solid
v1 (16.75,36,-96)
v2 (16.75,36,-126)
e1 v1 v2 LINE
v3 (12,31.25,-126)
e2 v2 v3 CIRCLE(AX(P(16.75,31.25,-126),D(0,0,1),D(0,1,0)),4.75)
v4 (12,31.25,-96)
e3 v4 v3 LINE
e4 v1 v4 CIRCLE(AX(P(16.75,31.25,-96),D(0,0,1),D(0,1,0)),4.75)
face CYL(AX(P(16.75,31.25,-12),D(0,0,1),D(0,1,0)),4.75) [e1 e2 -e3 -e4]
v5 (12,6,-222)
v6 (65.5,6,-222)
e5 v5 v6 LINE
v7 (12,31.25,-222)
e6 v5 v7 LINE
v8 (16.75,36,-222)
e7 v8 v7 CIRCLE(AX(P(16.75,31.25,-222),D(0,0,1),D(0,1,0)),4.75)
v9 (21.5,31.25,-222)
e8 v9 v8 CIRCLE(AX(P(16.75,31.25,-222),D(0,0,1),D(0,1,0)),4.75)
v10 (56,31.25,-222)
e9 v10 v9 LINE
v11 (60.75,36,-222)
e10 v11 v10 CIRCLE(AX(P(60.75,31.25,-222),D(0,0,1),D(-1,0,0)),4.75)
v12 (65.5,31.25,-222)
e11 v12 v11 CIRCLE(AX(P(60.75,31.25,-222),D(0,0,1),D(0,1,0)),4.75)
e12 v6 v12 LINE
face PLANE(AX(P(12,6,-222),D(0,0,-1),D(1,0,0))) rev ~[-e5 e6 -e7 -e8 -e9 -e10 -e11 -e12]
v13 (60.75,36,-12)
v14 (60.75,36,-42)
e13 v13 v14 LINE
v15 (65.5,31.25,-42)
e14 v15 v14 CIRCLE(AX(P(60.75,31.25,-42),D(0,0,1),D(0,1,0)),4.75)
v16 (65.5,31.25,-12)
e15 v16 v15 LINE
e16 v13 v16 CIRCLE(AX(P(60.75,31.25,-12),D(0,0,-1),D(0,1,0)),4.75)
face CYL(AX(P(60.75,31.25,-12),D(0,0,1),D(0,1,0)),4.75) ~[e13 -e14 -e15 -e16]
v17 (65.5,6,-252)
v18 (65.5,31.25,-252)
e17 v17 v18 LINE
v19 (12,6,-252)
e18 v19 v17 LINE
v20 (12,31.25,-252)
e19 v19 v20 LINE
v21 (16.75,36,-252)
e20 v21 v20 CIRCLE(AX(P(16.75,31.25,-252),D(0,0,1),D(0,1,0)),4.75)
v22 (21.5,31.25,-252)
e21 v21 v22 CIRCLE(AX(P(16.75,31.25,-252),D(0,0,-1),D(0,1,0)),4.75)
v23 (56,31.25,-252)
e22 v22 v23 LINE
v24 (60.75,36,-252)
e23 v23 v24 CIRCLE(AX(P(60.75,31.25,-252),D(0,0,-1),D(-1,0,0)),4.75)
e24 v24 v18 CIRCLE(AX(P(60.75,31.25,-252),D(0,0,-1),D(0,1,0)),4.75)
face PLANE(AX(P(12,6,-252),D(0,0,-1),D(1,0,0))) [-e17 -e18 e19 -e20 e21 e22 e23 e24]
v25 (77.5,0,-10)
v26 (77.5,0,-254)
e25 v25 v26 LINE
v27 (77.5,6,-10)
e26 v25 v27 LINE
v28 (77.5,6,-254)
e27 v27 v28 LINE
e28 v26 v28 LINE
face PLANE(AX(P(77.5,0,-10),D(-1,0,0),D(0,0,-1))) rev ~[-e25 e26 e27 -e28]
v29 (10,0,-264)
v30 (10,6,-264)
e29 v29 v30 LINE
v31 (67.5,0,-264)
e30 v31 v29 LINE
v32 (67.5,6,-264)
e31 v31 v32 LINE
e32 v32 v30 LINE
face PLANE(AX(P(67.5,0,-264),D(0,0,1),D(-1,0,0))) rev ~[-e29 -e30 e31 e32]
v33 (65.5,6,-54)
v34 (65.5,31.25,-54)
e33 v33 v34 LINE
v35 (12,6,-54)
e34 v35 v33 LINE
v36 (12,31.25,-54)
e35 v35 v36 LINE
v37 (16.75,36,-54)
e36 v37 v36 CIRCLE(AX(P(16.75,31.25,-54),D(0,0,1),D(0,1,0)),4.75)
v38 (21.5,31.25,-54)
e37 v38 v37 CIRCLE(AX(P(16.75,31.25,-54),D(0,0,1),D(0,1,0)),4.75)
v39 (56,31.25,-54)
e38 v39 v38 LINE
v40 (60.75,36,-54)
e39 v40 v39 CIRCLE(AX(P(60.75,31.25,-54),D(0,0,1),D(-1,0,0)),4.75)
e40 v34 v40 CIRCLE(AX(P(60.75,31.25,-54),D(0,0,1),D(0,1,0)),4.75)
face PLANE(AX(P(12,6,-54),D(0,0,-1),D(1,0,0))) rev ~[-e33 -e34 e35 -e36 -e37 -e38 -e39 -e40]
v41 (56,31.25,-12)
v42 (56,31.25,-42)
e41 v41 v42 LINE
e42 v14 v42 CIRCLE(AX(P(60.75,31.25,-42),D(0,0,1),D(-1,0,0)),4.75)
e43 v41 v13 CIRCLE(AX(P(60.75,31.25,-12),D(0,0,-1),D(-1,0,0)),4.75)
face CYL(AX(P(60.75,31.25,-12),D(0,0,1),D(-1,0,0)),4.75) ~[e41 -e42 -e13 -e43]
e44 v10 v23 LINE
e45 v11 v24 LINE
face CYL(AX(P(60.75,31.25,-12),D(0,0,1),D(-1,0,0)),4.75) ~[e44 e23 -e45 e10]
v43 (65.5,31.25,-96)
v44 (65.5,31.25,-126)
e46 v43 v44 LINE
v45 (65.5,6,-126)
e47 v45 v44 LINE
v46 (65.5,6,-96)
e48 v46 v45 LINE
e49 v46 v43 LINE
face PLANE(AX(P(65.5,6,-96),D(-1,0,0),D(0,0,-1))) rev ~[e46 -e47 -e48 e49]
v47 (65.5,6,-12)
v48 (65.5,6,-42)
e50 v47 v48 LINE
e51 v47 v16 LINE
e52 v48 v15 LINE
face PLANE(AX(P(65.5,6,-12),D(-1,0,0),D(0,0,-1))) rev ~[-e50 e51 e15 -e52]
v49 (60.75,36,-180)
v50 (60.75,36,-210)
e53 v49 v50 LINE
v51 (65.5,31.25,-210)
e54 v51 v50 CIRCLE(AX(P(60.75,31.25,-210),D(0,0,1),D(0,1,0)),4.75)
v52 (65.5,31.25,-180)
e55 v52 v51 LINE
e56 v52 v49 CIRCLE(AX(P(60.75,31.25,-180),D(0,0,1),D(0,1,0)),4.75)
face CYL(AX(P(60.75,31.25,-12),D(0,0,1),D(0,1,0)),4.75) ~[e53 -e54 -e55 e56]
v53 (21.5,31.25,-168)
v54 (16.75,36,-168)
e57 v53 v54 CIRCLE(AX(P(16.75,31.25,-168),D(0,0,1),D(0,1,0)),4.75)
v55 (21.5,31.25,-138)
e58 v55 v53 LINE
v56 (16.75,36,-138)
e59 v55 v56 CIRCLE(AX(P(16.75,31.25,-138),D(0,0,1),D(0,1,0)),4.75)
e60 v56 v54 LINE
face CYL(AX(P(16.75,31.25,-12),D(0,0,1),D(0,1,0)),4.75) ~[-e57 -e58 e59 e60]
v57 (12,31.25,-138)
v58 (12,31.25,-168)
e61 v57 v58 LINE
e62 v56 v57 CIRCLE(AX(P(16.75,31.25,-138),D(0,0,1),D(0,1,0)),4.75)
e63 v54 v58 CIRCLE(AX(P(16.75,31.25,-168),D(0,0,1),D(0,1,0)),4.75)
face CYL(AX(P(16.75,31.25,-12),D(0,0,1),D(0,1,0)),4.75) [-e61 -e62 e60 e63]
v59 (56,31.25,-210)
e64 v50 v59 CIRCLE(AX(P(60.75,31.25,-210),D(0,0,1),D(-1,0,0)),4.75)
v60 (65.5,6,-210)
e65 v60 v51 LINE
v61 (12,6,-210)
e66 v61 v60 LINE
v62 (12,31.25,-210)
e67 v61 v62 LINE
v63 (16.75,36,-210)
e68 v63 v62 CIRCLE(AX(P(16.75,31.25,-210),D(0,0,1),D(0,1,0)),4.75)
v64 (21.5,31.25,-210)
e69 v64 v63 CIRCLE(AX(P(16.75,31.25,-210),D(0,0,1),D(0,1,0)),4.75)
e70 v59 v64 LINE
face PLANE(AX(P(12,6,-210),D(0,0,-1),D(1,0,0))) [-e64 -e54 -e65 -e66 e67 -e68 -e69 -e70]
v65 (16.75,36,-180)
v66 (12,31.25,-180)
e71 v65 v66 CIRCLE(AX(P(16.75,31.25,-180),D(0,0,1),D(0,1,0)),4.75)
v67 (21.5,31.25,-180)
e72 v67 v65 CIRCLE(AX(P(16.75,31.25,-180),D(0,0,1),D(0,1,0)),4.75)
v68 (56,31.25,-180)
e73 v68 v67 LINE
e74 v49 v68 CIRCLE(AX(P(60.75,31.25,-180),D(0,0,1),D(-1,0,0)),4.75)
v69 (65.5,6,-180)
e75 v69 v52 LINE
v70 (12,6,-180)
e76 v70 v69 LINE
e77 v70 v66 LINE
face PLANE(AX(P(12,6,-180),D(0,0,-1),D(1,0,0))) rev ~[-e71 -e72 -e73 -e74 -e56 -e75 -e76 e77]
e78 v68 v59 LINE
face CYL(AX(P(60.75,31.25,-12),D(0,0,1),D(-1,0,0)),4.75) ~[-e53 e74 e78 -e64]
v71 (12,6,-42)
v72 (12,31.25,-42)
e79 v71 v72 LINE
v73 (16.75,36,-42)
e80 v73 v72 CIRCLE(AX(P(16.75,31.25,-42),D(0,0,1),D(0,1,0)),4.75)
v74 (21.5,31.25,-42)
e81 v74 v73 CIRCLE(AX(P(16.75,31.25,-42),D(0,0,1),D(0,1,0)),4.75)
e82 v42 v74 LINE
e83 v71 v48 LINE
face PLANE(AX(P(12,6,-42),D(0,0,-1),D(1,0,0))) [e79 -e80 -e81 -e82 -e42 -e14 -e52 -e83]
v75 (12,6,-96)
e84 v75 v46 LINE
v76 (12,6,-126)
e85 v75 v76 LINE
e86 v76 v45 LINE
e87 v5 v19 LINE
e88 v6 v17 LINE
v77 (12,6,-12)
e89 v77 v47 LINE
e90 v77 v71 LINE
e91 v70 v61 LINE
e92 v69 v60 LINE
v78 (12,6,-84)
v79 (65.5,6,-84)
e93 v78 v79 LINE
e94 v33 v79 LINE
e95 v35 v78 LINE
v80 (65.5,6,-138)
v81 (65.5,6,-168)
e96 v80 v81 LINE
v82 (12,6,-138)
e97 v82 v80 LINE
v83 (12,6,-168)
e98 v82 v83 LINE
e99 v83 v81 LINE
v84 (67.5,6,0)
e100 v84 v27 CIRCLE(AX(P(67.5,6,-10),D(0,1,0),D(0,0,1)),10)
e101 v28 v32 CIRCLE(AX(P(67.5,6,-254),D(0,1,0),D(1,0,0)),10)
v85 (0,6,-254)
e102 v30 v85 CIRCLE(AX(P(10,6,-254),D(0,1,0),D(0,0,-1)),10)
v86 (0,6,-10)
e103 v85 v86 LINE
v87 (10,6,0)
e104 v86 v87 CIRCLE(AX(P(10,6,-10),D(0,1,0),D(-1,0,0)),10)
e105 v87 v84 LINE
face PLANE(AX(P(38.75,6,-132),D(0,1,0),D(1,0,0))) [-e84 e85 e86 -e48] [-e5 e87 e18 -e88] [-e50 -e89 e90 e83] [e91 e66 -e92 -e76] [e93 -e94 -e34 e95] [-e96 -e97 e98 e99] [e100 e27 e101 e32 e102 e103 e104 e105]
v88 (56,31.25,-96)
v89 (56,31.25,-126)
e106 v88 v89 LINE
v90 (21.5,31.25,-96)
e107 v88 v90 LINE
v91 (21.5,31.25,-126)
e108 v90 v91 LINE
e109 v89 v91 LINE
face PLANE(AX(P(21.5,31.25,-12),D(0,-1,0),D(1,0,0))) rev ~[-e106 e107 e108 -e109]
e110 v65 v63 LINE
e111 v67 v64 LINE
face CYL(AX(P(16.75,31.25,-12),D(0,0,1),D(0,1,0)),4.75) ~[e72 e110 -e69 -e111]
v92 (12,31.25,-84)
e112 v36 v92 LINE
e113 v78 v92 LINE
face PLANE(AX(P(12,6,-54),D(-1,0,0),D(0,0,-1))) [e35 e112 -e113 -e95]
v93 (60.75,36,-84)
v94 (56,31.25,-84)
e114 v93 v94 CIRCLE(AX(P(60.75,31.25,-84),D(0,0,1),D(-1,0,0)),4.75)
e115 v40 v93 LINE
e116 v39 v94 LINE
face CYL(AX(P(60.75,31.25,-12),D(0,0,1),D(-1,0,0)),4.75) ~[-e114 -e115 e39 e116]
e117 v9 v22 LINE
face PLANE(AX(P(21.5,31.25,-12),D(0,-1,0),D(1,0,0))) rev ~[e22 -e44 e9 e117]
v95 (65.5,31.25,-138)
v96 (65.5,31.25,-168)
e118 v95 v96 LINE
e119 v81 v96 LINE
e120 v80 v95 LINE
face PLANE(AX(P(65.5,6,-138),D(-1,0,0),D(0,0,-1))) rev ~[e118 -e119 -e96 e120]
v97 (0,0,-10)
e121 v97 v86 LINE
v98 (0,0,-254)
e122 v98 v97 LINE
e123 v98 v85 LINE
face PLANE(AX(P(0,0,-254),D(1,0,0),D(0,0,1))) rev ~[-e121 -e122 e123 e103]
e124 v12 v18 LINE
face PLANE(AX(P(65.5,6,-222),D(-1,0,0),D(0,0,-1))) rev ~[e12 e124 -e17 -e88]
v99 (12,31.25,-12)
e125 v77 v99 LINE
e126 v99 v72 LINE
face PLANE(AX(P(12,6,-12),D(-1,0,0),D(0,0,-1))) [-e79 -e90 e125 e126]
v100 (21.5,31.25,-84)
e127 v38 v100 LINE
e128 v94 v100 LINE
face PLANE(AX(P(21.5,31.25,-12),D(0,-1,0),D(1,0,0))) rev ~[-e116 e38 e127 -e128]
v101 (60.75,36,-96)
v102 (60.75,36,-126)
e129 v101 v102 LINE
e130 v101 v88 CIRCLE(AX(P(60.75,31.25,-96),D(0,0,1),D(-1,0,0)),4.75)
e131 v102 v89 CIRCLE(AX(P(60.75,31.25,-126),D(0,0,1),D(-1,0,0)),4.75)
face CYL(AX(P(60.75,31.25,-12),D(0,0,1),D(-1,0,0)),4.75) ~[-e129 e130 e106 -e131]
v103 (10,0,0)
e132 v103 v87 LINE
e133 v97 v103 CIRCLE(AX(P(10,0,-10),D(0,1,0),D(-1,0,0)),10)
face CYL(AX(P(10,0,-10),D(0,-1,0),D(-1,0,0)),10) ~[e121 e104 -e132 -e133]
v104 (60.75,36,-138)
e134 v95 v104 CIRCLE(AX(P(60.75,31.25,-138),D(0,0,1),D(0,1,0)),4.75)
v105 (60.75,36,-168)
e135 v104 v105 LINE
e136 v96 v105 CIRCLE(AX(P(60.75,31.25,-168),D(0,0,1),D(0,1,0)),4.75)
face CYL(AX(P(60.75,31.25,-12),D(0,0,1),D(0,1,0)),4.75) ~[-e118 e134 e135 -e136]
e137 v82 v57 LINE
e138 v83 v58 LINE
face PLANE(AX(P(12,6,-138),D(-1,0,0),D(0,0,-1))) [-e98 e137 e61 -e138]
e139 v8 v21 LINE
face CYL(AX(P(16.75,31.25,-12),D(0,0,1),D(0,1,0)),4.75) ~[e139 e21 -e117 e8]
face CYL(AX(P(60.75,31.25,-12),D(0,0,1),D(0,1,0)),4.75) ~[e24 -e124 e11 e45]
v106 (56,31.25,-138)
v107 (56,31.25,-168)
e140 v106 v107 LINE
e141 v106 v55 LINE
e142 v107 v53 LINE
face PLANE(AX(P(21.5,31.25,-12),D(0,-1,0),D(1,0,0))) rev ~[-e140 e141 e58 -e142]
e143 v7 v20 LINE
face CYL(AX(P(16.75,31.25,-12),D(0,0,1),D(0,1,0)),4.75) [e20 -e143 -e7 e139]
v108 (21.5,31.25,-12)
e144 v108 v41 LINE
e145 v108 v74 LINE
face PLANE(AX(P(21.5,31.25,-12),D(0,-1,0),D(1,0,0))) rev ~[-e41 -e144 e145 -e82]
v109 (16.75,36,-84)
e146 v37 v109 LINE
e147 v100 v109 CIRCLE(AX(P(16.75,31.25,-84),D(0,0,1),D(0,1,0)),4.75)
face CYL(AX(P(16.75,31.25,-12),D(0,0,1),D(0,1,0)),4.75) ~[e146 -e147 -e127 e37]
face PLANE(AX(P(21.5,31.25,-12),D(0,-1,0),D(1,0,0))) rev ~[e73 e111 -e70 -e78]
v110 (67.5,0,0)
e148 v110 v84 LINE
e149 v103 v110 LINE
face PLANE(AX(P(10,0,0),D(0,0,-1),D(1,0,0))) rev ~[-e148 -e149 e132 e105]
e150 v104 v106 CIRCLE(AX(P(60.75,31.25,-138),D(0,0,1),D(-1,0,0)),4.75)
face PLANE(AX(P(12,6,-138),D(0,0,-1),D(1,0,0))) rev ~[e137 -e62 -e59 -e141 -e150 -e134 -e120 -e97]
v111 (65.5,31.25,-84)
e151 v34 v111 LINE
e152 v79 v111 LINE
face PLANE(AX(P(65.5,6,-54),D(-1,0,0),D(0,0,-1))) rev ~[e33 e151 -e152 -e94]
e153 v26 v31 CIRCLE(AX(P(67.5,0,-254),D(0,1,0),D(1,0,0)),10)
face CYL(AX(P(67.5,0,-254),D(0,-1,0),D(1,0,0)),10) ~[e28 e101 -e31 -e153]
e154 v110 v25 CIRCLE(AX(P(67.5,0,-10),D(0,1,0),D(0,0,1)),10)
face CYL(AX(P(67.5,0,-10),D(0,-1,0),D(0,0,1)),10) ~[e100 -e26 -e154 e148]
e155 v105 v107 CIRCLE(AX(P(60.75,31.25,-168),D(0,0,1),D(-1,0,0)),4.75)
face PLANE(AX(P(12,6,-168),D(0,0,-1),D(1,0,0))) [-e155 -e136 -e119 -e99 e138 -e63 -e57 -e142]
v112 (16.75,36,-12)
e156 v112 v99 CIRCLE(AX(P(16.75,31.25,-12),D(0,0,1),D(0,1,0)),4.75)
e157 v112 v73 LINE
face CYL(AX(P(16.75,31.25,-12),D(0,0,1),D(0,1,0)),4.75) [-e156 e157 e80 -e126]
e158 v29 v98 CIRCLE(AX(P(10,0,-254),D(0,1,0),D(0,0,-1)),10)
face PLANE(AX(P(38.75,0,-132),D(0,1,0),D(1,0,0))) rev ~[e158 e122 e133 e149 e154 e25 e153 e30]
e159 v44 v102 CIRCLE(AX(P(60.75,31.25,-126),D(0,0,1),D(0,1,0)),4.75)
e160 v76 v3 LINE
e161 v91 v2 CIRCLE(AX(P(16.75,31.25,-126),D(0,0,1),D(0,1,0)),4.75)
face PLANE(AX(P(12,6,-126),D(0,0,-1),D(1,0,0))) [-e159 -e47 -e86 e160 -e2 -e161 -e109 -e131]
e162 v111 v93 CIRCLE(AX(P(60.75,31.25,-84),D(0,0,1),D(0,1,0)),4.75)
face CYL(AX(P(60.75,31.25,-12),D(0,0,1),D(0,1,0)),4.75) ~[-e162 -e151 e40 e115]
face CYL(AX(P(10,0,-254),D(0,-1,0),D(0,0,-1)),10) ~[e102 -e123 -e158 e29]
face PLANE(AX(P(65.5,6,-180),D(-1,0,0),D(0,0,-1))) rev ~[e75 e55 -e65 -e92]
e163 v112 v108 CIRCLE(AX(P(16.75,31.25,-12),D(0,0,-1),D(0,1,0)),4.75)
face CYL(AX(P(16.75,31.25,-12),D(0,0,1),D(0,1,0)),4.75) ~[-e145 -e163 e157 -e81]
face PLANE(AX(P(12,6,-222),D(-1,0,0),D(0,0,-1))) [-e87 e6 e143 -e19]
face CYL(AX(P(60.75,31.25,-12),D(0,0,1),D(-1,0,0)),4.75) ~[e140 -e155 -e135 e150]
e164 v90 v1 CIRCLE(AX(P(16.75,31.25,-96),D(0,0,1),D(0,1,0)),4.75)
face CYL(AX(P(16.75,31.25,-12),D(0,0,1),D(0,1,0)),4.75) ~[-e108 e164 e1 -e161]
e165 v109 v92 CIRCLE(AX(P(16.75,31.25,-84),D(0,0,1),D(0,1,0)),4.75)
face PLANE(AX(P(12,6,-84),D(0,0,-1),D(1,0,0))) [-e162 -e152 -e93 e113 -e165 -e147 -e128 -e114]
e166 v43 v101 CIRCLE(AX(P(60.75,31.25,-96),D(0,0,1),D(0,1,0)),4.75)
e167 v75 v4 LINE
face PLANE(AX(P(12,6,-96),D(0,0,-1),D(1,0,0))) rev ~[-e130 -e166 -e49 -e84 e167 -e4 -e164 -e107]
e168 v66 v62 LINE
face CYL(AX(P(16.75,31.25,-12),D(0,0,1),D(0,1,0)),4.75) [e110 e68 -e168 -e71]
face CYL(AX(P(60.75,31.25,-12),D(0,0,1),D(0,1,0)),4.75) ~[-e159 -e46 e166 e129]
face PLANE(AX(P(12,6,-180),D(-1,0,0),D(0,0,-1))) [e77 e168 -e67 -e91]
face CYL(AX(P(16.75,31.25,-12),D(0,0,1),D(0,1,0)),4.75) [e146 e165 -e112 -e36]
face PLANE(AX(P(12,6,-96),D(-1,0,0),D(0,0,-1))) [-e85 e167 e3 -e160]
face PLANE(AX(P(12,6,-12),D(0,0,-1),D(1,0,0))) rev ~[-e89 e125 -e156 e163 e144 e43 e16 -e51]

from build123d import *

# Parameters (mm, degrees)
BOSS_EXTRUDE1_DEPTH = 6
SKETCH3_W           = 53.5
SKETCH3_H           = 30
BOSS_EXTRUDE2_DEPTH = 30
SKETCH4_W           = 34.5
SKETCH4_H           = 4.75
CUT_EXTRUDE1_DEPTH  = 240


with BuildPart() as part:
    # Sketch2 → Boss-Extrude1 (new body)
    with BuildSketch(Plane(origin=(0, 0, 0), x_dir=(1, 0, 0), z_dir=(0, 1, 0))):
        with BuildLine():
            Line((10, 0), (67.5, 0))
            ThreePointArc((67.5, 0), (74.571067812, 2.928932188), (77.5, 10))
            Line((77.5, 10), (77.5, 254))
            ThreePointArc((77.5, 254), (74.571067812, 261.071067812), (67.5, 264))
            Line((67.5, 264), (10, 264))
            ThreePointArc((10, 264), (2.928932188, 261.071067812), (0, 254))
            Line((0, 254), (0, 10))
            ThreePointArc((0, 10), (2.928932188, 2.928932188), (10, 0))
        make_face()
    extrude(amount=BOSS_EXTRUDE1_DEPTH)

    # Sketch3 → Boss-Extrude2 (add)
    with BuildSketch(Plane(origin=(0, 6, 0), x_dir=(1, 0, 0), z_dir=(0, 1, 0))):
        with Locations((38.75, 27)):
            Rectangle(SKETCH3_W, SKETCH3_H)
        with Locations((38.75, 69)):
            Rectangle(SKETCH3_W, SKETCH3_H)
        with Locations((38.75, 111)):
            Rectangle(SKETCH3_W, SKETCH3_H)
        with Locations((38.75, 237)):
            Rectangle(SKETCH3_W, SKETCH3_H)
        with Locations((38.75, 195)):
            Rectangle(SKETCH3_W, SKETCH3_H)
        with Locations((38.75, 153)):
            Rectangle(SKETCH3_W, SKETCH3_H)
    extrude(amount=BOSS_EXTRUDE2_DEPTH)

    # Sketch4 → Cut-Extrude1 (cut)
    with BuildSketch(Plane.XY.offset(-12)):
        with BuildLine():
            Line((21.5, 36), (16.75, 36))
            ThreePointArc((16.75, 36), (20.108757211, 34.608757211), (21.5, 31.25))
            Line((21.5, 31.25), (21.5, 36))
        make_face()
        with Locations((38.75, 33.625)):
            Rectangle(SKETCH4_W, SKETCH4_H)
        with BuildLine():
            Line((56, 36), (56, 31.25))
            ThreePointArc((56, 31.25), (57.391242789, 34.608757211), (60.75, 36))
            Line((60.75, 36), (56, 36))
        make_face()
        with BuildLine():
            Line((65.5, 36), (60.75, 36))
            ThreePointArc((60.75, 36), (64.108757211, 34.608757211), (65.5, 31.25))
            Line((65.5, 31.25), (65.5, 36))
        make_face()
        with BuildLine():
            Line((12, 36), (16.75, 36))
            ThreePointArc((16.75, 36), (13.391242789, 34.608757211), (12, 31.25))
            Line((12, 31.25), (12, 36))
        make_face()
    extrude(amount=-CUT_EXTRUDE1_DEPTH, mode=Mode.SUBTRACT)


solid = part.part
